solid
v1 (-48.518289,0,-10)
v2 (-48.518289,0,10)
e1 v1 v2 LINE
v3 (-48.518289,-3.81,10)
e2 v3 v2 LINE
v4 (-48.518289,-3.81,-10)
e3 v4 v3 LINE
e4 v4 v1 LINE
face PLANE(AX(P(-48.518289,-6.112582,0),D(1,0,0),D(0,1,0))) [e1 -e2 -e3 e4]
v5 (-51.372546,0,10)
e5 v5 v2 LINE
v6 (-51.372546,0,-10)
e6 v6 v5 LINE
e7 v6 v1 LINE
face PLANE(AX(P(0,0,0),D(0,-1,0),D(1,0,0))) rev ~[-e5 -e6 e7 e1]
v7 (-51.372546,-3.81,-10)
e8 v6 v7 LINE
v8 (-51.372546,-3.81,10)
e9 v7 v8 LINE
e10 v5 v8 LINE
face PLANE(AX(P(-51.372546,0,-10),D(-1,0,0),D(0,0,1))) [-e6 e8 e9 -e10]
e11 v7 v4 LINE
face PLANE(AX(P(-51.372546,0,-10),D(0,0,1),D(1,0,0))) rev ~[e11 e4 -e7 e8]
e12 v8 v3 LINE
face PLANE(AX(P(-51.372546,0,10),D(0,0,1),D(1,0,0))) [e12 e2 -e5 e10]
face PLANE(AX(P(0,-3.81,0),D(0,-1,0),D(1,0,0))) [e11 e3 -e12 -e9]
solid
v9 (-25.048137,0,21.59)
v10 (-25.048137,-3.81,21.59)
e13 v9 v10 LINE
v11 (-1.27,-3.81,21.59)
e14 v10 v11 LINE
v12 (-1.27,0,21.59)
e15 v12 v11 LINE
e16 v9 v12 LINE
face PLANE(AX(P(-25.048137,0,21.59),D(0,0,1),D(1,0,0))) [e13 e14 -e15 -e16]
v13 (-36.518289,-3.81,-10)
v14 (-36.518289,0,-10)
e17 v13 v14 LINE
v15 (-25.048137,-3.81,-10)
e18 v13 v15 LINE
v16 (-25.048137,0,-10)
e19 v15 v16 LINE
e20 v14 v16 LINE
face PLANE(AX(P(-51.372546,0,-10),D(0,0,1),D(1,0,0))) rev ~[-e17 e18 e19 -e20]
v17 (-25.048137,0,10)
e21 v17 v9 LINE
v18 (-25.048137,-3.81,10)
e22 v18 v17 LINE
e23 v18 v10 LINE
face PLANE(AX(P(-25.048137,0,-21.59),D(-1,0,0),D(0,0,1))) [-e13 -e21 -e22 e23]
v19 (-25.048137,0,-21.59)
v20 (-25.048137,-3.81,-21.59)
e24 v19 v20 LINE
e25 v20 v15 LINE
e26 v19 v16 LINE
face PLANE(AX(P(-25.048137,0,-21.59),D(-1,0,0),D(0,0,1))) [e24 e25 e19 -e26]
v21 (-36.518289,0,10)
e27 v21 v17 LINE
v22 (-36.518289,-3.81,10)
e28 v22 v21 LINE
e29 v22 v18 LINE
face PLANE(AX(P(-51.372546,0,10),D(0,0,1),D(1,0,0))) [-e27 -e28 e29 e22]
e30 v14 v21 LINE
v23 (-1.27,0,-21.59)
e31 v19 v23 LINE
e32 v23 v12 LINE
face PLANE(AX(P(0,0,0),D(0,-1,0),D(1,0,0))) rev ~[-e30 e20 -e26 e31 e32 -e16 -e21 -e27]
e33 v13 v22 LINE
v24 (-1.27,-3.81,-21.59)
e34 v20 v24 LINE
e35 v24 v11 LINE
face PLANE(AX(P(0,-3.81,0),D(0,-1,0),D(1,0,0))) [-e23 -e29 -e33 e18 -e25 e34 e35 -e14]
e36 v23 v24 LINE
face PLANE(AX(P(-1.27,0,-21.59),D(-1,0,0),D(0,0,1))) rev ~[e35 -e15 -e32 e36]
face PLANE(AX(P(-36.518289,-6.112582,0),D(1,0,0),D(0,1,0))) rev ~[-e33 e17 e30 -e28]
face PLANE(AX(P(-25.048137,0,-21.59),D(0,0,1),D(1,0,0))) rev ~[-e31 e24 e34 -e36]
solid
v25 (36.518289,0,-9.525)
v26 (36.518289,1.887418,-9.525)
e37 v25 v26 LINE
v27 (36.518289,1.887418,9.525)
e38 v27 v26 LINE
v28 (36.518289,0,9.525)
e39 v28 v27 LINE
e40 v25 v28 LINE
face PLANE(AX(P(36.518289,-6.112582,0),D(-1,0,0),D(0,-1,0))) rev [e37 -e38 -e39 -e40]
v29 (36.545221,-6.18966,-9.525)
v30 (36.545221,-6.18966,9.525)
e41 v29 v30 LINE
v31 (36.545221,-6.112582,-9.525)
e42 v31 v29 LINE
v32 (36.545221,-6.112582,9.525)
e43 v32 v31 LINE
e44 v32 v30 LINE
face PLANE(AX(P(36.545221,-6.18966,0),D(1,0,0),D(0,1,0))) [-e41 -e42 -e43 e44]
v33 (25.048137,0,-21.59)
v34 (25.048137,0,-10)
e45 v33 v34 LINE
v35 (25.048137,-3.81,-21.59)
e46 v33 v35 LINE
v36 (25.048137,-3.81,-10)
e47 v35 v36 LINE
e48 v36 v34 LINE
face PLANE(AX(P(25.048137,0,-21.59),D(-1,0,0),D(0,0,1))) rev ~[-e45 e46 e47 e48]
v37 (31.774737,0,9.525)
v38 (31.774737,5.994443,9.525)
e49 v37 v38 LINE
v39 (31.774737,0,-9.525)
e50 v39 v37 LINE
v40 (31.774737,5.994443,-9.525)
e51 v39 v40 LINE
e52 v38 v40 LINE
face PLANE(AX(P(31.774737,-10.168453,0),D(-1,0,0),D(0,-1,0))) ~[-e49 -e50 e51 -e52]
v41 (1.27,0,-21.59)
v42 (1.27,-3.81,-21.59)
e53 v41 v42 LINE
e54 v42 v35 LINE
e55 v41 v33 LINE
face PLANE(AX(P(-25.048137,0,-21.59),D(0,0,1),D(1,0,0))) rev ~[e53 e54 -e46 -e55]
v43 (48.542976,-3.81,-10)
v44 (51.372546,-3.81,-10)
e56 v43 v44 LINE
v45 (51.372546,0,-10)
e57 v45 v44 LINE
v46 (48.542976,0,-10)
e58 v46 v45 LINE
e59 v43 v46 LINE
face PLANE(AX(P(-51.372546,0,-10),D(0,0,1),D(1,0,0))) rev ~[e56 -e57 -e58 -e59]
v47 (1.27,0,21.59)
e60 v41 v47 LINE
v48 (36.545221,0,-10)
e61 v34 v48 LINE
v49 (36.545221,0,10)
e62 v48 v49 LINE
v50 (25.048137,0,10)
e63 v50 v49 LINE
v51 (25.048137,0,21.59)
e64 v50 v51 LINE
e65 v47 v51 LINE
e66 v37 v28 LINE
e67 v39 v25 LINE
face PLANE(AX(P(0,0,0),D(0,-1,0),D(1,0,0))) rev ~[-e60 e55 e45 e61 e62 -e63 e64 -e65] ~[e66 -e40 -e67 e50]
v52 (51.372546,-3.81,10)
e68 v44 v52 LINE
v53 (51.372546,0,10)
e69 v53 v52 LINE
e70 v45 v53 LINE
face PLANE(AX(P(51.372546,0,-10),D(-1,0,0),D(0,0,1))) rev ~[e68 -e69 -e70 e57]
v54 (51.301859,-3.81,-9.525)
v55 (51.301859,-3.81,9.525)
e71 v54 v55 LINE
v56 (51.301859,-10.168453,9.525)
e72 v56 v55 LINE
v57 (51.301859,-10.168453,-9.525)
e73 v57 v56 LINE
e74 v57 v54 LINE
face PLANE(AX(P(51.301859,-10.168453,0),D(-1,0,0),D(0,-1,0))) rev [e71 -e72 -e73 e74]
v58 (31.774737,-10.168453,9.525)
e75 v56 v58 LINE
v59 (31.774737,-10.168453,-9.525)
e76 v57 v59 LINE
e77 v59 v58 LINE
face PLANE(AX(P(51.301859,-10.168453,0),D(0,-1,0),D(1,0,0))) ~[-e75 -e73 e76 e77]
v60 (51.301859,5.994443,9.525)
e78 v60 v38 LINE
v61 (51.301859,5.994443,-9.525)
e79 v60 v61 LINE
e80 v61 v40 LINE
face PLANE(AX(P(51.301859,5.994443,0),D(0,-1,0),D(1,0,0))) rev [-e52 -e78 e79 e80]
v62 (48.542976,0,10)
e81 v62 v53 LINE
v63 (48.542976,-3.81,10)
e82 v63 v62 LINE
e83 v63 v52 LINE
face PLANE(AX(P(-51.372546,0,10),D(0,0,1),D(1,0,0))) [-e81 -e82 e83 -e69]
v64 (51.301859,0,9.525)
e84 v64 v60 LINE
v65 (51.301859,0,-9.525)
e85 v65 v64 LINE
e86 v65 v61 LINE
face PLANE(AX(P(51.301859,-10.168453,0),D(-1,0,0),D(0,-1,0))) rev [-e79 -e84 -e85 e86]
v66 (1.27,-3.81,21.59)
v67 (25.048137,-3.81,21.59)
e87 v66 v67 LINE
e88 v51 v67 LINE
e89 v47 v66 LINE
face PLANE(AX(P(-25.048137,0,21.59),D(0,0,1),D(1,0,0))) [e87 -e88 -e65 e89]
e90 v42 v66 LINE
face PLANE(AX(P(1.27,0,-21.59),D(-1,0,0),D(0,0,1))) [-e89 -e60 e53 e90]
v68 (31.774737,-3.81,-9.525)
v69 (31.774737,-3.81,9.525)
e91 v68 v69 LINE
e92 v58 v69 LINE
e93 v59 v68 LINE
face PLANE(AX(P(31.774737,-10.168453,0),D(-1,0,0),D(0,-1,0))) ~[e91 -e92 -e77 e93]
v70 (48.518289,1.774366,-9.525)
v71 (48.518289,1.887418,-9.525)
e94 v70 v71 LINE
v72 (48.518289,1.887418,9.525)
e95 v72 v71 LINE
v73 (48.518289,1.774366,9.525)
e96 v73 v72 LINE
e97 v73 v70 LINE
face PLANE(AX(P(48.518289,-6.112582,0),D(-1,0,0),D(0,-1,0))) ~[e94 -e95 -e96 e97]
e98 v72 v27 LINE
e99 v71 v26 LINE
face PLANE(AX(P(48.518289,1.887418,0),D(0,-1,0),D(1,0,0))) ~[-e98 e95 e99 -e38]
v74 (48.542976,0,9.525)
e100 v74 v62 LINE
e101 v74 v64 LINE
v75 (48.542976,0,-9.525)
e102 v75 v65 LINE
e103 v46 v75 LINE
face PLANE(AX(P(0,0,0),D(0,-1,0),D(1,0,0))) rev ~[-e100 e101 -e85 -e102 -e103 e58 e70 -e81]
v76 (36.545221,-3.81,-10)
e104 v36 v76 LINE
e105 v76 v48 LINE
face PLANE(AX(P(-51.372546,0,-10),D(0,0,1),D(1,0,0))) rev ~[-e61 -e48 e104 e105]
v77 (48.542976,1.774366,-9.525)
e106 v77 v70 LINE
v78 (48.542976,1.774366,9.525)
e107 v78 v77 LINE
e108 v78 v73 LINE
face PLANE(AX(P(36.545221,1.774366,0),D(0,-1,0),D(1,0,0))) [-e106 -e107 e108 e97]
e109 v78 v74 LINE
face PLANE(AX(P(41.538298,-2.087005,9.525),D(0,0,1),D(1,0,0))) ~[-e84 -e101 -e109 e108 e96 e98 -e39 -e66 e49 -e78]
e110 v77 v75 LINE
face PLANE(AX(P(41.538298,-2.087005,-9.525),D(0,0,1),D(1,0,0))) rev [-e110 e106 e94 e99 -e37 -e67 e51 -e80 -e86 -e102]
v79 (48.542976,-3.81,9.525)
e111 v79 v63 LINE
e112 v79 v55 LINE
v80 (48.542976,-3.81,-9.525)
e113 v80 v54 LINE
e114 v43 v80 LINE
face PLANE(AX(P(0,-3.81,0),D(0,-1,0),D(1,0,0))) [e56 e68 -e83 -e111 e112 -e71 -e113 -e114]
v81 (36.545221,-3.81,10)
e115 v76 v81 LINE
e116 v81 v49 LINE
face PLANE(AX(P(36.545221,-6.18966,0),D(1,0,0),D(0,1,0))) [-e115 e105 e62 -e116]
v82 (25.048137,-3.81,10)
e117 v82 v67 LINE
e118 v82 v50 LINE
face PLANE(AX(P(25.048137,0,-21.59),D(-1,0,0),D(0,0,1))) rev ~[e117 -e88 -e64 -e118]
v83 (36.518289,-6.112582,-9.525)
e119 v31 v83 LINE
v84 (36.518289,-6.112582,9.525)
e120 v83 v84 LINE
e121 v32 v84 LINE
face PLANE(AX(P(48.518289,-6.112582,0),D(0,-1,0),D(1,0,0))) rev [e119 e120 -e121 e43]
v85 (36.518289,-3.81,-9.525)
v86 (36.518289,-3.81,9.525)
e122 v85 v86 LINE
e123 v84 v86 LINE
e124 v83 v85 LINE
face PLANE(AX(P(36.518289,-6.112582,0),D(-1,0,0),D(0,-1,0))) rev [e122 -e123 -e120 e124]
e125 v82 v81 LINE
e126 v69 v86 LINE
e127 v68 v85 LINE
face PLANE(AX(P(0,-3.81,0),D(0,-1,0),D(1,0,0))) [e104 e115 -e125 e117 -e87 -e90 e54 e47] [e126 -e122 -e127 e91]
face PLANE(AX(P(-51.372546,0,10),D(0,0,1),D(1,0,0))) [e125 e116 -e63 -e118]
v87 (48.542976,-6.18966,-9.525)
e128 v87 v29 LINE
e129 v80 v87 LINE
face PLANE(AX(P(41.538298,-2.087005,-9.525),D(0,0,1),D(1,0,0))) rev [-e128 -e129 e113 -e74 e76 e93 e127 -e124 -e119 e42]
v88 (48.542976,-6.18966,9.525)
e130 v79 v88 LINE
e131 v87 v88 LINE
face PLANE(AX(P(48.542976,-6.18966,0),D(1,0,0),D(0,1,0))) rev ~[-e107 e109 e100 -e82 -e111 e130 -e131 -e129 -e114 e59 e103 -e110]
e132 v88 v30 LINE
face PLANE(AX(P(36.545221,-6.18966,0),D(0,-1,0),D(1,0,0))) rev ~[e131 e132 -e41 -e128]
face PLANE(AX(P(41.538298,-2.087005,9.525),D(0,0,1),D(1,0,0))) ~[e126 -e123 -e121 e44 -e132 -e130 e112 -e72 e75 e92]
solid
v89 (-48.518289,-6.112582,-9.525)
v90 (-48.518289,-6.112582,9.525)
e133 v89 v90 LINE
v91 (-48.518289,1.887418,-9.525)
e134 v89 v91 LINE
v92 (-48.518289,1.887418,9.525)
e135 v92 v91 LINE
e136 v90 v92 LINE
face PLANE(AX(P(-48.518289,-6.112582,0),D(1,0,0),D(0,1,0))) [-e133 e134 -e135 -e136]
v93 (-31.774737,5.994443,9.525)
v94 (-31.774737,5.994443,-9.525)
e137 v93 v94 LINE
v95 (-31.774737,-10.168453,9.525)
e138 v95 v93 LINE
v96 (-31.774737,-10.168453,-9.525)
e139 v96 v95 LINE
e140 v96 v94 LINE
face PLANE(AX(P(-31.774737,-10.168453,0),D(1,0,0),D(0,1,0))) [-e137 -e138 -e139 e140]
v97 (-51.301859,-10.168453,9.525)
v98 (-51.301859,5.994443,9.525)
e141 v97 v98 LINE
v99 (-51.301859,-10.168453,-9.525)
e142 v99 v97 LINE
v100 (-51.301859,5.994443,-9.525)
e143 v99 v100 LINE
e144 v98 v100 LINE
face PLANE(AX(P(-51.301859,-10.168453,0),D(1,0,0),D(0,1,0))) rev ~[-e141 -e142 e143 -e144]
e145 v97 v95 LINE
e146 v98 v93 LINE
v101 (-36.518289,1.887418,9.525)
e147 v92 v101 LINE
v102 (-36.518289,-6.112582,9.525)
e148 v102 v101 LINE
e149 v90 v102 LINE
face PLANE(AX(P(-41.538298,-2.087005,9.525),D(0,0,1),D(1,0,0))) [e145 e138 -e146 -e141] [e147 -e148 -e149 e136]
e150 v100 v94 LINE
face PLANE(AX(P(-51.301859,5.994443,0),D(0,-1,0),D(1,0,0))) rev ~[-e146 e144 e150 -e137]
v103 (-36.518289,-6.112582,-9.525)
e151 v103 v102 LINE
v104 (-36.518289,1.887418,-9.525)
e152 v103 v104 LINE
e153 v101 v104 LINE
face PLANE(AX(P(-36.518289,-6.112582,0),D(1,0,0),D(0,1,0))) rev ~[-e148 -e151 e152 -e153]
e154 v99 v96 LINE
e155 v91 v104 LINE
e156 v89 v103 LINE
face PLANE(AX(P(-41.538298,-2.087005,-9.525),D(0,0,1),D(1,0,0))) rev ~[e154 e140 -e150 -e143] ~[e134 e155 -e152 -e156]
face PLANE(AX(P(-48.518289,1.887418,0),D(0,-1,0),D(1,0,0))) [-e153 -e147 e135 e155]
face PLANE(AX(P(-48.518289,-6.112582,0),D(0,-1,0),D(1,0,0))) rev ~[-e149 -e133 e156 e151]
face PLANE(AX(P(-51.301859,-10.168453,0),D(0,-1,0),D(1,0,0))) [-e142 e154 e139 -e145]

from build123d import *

# Parameters (mm, degrees)
F0_W      = 50.0962749696
F0_H      = 43.18
F2_DEPTH  = 3.81
F1_W      = 102.7450922131
F1_H      = 20
F3_DEPTH  = 3.81
F5_W      = 2.54
F5_H      = 43.18
F6_DEPTH  = 3.81
F7_W      = 19.5271223783
F7_H      = 16.1628960632
F8_DEPTH  = 9.525
F4_W      = 12
F4_H      = 8
F9_DEPTH  = 25.4
F11_W     = 11.9977556169
F11_H     = 7.9640262993
F12_DEPTH = 25.4


with BuildPart() as f2:
    # F0 (on Front) → F2 (new body)
    with BuildSketch(Plane.XZ):
        Rectangle(F0_W, F0_H)
    extrude(amount=F2_DEPTH)

    # F1 (on Front) → F3 (join)
    with BuildSketch(Plane.XZ):
        Rectangle(F1_W, F1_H)
    extrude(amount=F3_DEPTH)

    # F5 (on Front) → F6 (cut)
    with BuildSketch(Plane.XZ):
        Rectangle(F5_W, F5_H)
    extrude(amount=F6_DEPTH, mode=Mode.SUBTRACT)


with BuildPart() as f8:
    # F7 (on Top) → F8 (new body, symmetric)
    with BuildSketch(Plane.XY):
        with Locations((-41.53829813, -2.0870047156)):
            Rectangle(F7_W, F7_H)
    extrude(amount=F8_DEPTH, both=True)


with BuildPart() as f9_tool:
    # F4 (on Top) → F9 (new body, symmetric)
    with BuildSketch(Plane.XY):
        with Locations((-42.5182890683, -2.1125821513)):
            Rectangle(F4_W, F4_H)
    extrude(amount=F9_DEPTH, both=True)


with BuildPart() as f2_1:
    add(f2.part)

    # F9: cut by f9_tool
    add(f9_tool.part, mode=Mode.SUBTRACT)

    # F10: F8 across plane


with BuildPart() as f8_1:
    add(f8.part)

    # F9: cut by f9_tool
    add(f9_tool.part, mode=Mode.SUBTRACT)


with BuildPart() as f2_2:
    add(f2_1.part)
    add(f8_1.part.mirror(Plane.YZ))

    # F11 (on Top) → F12 (cut, symmetric)
    with BuildSketch(Plane.XY):
        with Locations((42.5440985709, -2.2076470195)):
            Rectangle(F11_W, F11_H)
    extrude(amount=F12_DEPTH, both=True, mode=Mode.SUBTRACT)


solid = Compound([f8_1.part, f2_2.part])
